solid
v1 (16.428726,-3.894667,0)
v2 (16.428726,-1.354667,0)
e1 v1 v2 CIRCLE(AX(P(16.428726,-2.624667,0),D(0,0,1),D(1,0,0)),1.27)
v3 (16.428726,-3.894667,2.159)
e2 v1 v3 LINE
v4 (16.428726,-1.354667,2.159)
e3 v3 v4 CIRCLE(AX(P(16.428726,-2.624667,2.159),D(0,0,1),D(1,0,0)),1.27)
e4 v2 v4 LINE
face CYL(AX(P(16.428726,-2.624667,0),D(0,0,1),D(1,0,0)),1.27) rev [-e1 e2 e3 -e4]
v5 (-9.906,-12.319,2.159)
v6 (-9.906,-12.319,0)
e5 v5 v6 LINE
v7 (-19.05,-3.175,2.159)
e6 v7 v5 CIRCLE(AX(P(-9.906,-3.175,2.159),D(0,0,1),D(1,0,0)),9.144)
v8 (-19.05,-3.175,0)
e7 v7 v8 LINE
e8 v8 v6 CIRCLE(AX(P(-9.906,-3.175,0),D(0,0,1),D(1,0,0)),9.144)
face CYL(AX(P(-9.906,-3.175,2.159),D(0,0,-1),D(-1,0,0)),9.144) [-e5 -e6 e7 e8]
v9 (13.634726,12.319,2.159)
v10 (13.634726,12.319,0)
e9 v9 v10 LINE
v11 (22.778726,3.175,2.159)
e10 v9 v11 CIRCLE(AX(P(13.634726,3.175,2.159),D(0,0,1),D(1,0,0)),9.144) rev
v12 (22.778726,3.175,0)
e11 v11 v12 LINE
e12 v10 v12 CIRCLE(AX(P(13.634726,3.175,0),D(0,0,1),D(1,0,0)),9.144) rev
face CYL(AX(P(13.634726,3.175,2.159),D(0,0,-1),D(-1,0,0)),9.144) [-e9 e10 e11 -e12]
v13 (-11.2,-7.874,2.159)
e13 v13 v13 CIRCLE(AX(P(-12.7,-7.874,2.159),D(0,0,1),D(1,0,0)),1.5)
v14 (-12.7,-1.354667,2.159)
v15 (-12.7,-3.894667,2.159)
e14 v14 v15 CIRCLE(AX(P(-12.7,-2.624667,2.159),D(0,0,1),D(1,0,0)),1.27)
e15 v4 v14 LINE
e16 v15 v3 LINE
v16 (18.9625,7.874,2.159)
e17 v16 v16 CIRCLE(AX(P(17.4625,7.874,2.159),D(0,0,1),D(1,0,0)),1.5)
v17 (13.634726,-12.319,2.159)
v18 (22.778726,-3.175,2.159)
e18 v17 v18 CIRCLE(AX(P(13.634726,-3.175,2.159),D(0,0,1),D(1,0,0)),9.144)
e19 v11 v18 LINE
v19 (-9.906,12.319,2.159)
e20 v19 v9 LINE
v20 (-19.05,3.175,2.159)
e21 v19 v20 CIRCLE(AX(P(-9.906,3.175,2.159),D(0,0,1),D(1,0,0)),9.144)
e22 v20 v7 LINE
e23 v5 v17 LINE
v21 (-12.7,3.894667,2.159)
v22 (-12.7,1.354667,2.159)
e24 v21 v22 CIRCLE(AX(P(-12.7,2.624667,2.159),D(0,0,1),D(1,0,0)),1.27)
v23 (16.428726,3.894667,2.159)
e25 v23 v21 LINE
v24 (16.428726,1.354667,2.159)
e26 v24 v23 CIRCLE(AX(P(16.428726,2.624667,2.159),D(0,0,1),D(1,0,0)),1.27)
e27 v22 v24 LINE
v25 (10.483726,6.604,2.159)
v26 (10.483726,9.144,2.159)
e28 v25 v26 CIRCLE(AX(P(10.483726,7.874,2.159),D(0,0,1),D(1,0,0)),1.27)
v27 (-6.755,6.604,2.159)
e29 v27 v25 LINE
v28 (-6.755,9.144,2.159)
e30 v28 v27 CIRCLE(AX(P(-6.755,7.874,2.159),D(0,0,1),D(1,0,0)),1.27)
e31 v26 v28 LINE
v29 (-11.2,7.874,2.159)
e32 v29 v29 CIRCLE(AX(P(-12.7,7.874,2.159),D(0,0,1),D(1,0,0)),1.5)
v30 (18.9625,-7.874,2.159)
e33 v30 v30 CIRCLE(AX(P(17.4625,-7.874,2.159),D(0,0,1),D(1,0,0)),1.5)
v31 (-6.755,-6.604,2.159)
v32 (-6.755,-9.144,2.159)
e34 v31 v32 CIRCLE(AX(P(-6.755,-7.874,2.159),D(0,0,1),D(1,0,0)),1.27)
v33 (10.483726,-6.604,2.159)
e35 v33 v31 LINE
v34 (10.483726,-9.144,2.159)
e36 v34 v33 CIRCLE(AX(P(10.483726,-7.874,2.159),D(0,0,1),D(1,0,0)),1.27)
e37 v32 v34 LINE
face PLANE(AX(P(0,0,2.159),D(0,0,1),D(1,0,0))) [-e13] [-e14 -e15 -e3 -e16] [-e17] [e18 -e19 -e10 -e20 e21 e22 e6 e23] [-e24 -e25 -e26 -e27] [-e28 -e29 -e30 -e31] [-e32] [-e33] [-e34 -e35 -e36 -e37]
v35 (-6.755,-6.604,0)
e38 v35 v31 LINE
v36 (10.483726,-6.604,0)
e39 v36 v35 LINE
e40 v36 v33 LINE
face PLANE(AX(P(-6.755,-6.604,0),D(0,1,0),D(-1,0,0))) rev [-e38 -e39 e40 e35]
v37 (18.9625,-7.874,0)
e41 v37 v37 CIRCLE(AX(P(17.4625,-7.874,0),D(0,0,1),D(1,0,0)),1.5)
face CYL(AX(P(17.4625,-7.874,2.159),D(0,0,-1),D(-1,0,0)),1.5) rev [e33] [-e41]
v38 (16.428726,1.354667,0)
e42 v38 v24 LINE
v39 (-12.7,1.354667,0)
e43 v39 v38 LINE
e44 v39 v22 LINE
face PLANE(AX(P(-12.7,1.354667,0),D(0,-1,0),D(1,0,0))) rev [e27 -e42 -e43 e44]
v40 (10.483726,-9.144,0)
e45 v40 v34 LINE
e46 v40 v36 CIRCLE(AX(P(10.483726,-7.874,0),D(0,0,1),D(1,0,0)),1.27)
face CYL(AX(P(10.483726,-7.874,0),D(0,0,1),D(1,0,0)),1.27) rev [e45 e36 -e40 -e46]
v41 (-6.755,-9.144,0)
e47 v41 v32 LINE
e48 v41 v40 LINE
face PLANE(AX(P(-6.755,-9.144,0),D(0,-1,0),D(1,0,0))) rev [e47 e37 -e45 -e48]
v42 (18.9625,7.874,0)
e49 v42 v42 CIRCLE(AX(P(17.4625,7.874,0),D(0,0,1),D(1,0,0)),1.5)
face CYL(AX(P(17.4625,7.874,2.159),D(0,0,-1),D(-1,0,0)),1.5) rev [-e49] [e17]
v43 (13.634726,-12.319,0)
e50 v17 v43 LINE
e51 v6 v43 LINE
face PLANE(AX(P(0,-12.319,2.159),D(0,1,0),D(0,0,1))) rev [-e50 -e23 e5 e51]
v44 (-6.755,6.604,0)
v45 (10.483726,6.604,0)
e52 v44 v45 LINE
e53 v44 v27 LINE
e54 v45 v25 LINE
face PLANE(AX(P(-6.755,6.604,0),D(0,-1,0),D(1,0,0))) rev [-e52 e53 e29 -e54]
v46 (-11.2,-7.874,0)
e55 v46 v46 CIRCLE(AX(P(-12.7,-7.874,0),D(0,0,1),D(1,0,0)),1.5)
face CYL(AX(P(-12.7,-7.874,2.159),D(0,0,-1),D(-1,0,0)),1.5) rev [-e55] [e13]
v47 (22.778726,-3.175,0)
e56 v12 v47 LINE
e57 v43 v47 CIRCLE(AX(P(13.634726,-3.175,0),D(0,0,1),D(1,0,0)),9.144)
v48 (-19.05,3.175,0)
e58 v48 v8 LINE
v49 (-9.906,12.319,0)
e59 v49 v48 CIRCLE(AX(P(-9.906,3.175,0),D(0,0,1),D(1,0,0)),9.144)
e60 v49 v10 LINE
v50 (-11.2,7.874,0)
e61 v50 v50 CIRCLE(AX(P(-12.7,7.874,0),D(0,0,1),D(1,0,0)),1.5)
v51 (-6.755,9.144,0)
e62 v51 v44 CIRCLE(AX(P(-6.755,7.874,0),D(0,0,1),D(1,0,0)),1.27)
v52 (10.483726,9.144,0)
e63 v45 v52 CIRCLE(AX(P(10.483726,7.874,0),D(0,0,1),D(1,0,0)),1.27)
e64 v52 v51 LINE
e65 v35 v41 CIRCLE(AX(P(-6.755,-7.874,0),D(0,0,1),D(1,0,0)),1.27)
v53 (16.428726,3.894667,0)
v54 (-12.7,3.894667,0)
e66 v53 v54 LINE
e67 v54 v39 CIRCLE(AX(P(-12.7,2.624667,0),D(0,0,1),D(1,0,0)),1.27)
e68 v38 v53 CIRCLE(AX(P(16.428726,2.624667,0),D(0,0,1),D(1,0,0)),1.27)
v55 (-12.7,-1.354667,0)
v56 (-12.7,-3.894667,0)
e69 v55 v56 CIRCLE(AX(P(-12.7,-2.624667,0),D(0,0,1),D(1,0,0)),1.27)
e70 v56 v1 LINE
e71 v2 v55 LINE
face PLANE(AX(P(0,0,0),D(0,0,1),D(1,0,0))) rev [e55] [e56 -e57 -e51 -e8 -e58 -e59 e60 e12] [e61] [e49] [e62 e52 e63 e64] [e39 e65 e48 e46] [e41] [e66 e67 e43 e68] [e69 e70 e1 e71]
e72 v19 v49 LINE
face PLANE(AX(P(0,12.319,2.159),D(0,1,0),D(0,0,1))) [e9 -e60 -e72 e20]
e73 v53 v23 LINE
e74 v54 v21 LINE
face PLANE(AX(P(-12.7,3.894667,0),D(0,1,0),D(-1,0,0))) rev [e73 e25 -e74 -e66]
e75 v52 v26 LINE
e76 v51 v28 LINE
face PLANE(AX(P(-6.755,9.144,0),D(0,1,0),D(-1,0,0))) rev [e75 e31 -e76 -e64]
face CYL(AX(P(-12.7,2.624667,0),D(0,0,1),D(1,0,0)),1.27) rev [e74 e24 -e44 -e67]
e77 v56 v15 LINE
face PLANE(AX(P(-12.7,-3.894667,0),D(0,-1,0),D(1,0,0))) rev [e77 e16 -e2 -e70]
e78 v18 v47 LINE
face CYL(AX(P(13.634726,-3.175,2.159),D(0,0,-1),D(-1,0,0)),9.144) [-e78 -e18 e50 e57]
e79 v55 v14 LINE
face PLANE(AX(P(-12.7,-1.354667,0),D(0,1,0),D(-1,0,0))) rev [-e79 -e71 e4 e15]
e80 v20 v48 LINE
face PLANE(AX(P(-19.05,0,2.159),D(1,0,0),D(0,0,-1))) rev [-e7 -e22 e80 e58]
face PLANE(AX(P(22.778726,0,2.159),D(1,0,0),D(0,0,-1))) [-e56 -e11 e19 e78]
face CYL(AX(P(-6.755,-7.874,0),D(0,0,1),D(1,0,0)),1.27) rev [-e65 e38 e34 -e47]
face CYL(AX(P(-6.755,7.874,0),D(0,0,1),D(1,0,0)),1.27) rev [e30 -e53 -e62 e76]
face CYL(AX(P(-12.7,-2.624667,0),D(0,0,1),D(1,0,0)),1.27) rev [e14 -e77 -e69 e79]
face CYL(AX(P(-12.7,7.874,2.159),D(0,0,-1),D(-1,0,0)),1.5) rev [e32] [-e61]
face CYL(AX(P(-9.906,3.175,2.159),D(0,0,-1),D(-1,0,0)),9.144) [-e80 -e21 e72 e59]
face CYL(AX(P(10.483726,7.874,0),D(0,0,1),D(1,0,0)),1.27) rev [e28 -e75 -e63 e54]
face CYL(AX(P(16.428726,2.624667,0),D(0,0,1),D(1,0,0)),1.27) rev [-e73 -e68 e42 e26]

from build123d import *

# Parameters (mm, degrees)
SKETCH1_R           = 1.5
BOSS_EXTRUDE1_DEPTH = 2.159
CUT_EXTRUDE1_DEPTH  = 3.159


with BuildPart() as part:
    # Sketch1 → Boss-Extrude1 (new body)
    with BuildSketch(Plane.XY):
        with BuildLine():
            Line((-9.906, 12.319), (13.634725801, 12.319))
            ThreePointArc((13.634725801, 12.319), (20.100510208, 9.640784407), (22.778725801, 3.175))
            Line((22.778725801, 3.175), (22.778725801, -3.175))
            ThreePointArc((22.778725801, -3.175), (20.100510208, -9.640784407), (13.634725801, -12.319))
            Line((13.634725801, -12.319), (-9.906, -12.319))
            ThreePointArc((-9.906, -12.319), (-16.371784407, -9.640784407), (-19.05, -3.175))
            Line((-19.05, -3.175), (-19.05, 3.175))
            ThreePointArc((-19.05, 3.175), (-16.371784407, 9.640784407), (-9.906, 12.319))
        make_face()
        with Locations((-12.7, 7.874)):
            Circle(SKETCH1_R, mode=Mode.SUBTRACT)
        with Locations((-12.7, -7.874)):
            Circle(SKETCH1_R, mode=Mode.SUBTRACT)
        with Locations((17.4625, 7.874)):
            Circle(SKETCH1_R, mode=Mode.SUBTRACT)
        with Locations((17.4625, -7.874)):
            Circle(SKETCH1_R, mode=Mode.SUBTRACT)
    extrude(amount=BOSS_EXTRUDE1_DEPTH)

    # Sketch4 → Cut-Extrude1 (cut, through all)
    with BuildSketch(Plane.XY.offset(2.159)):
        with BuildLine():
            Line((-6.755, 9.144), (10.483725801, 9.144))
            ThreePointArc((10.483725801, 9.144), (11.753725801, 7.874), (10.483725801, 6.604))
            Line((10.483725801, 6.604), (-6.755, 6.604))
            ThreePointArc((-6.755, 6.604), (-8.025, 7.874), (-6.755, 9.144))
        make_face()
        with BuildLine():
            Line((-12.7, 3.894666667), (16.428725801, 3.894666667))
            ThreePointArc((16.428725801, 3.894666667), (17.698725801, 2.624666667), (16.428725801, 1.354666667))
            Line((16.428725801, 1.354666667), (-12.7, 1.354666667))
            ThreePointArc((-12.7, 1.354666667), (-13.97, 2.624666667), (-12.7, 3.894666667))
        make_face()
        with BuildLine():
            Line((-12.7, -1.354666667), (16.428725801, -1.354666667))
            ThreePointArc((16.428725801, -1.354666667), (17.698725801, -2.624666667), (16.428725801, -3.894666667))
            Line((16.428725801, -3.894666667), (-12.7, -3.894666667))
            ThreePointArc((-12.7, -3.894666667), (-13.97, -2.624666667), (-12.7, -1.354666667))
        make_face()
        with BuildLine():
            Line((-6.755, -6.604), (10.483725801, -6.604))
            ThreePointArc((10.483725801, -6.604), (11.753725801, -7.874), (10.483725801, -9.144))
            Line((10.483725801, -9.144), (-6.755, -9.144))
            ThreePointArc((-6.755, -9.144), (-8.025, -7.874), (-6.755, -6.604))
        make_face()
    extrude(amount=-CUT_EXTRUDE1_DEPTH, mode=Mode.SUBTRACT)


solid = part.part
